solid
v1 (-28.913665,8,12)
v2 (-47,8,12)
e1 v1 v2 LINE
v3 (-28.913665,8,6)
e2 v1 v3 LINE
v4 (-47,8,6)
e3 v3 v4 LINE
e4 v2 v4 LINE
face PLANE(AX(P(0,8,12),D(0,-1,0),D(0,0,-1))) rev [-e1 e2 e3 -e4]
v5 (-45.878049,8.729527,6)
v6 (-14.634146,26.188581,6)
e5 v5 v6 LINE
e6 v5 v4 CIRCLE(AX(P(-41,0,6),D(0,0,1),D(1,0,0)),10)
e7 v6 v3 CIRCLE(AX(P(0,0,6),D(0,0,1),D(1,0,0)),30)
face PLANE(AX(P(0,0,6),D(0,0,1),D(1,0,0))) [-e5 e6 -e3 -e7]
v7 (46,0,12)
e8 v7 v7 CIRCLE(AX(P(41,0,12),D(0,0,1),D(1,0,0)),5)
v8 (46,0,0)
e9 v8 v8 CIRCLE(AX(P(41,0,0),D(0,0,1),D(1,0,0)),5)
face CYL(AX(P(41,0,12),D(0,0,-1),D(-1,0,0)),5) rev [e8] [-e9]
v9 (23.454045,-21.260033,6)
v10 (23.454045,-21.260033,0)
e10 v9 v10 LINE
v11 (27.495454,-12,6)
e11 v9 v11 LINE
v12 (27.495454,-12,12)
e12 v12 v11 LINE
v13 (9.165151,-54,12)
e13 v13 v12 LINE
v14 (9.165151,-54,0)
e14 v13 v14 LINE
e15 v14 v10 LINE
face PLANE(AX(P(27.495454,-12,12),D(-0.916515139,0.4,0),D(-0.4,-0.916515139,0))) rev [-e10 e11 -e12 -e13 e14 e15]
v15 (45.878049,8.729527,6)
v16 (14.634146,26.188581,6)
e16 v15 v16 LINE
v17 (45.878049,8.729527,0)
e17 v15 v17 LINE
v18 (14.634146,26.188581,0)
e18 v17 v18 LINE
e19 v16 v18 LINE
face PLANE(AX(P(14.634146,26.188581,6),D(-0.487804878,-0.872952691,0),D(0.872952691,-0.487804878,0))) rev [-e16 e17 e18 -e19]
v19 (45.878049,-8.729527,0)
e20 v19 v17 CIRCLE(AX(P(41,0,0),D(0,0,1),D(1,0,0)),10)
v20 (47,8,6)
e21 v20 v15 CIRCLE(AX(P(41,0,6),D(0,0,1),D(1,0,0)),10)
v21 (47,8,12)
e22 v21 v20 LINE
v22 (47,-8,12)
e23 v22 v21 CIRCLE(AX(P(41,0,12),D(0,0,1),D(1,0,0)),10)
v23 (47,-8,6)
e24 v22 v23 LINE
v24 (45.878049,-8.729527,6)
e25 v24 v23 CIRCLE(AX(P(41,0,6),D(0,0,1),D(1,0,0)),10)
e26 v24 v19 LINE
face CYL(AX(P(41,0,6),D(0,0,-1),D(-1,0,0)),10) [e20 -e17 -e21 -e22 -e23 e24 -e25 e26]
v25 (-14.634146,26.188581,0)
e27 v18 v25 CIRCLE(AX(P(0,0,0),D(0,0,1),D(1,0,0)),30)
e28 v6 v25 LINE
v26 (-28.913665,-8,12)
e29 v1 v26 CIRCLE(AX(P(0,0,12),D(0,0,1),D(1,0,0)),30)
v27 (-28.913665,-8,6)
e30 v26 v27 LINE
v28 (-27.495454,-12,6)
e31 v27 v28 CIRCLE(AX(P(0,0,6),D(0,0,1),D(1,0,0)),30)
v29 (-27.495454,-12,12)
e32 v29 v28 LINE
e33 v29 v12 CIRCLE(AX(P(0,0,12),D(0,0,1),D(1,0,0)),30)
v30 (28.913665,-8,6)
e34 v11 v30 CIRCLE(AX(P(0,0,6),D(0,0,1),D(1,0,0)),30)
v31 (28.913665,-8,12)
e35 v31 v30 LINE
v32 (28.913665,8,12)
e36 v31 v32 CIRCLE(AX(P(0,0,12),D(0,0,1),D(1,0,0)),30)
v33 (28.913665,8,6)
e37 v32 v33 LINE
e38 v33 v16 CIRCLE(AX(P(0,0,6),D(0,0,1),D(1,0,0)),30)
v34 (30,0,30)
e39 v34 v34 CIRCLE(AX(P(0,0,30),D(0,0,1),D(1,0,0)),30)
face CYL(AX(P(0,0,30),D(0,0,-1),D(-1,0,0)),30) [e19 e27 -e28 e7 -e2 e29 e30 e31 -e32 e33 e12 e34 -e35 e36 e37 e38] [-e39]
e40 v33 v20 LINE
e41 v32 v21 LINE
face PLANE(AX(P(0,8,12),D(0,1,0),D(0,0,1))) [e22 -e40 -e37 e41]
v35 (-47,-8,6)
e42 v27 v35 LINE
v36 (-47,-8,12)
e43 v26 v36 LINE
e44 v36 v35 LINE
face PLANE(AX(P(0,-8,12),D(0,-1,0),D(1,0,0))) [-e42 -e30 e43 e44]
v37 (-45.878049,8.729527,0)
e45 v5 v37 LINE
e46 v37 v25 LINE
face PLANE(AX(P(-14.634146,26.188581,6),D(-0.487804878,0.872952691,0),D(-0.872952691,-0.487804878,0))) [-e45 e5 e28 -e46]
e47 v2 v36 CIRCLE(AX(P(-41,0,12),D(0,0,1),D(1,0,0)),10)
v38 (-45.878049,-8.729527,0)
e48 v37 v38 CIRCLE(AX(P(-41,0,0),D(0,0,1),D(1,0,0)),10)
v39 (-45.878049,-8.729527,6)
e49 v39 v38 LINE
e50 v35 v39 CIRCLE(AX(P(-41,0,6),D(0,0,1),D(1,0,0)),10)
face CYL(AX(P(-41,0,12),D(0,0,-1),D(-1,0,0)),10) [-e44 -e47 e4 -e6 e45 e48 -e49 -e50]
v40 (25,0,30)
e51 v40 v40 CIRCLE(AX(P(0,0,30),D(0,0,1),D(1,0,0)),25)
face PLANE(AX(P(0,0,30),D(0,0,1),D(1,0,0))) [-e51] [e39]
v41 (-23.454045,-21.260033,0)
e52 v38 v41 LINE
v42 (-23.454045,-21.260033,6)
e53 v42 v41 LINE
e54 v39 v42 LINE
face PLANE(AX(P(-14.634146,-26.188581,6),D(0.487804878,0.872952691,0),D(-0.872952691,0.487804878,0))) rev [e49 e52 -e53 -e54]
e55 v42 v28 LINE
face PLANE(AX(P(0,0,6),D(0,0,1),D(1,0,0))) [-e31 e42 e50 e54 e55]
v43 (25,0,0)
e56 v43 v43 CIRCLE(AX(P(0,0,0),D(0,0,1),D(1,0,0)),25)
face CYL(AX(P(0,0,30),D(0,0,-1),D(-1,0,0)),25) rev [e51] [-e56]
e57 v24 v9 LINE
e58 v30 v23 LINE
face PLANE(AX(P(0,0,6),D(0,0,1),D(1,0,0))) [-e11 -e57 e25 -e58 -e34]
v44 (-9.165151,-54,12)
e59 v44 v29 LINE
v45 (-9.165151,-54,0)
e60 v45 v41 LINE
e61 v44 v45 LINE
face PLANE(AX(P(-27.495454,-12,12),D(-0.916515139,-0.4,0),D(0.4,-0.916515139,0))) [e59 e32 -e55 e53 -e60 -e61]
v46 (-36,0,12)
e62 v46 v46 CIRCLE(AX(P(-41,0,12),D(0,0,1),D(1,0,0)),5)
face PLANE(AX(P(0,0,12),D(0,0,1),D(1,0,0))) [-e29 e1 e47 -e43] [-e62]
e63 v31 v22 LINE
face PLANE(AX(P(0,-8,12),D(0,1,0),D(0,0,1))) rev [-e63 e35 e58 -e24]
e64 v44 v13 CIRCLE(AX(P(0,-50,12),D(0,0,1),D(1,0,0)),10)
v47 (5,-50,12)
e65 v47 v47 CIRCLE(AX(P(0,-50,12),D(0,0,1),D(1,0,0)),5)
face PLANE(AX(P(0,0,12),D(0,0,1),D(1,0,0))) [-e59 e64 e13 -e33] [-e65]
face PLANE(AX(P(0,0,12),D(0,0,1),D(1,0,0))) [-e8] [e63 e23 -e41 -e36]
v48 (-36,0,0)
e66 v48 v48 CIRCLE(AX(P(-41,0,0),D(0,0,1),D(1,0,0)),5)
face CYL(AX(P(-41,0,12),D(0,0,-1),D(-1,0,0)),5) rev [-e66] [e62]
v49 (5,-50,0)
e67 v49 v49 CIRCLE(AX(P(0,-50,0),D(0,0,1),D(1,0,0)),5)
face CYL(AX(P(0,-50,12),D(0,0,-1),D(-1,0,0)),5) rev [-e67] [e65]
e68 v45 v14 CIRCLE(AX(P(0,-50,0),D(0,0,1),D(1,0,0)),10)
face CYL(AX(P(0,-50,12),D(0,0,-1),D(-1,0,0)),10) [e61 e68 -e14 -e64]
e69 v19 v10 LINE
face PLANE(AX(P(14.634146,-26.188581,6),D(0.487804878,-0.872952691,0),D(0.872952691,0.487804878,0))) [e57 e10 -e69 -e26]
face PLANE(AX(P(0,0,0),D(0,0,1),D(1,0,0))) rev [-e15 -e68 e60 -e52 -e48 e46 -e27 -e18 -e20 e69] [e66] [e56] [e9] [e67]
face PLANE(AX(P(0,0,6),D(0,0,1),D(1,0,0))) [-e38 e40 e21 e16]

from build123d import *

# Parameters (mm, degrees)
SKETCH1_R             = 5
BOSS_EXTRUDE1_DEPTH   = 12
BOSS_EXTRUDE1_2_DEPTH = 12
BOSS_EXTRUDE1_3_DEPTH = 12
BOSS_EXTRUDE2_DEPTH   = 6
SKETCH1_4_R           = 25
BOSS_EXTRUDE3_DEPTH   = 30


with BuildPart() as part:
    # Sketch1 → Boss-Extrude1 (new body)
    with BuildSketch(Plane.XY):
        with BuildLine():
            ThreePointArc((47, -8), (51, 0), (47, 8))
            Line((47, 8), (28.91366459, 8))
            ThreePointArc((28.91366459, 8), (30, 0), (28.91366459, -8))
            Line((28.91366459, -8), (47, -8))
        make_face()
        with Locations((41, 0)):
            Circle(SKETCH1_R, mode=Mode.SUBTRACT)
    extrude(amount=BOSS_EXTRUDE1_DEPTH)



with BuildPart() as body_2:
    # Sketch1 → Boss-Extrude1 2 (new body)
    with BuildSketch(Plane.XY):
        with BuildLine():
            ThreePointArc((-28.91366459, -8), (-30, 0), (-28.91366459, 8))
            Line((-28.91366459, 8), (-47, 8))
            ThreePointArc((-47, 8), (-51, 0), (-47, -8))
            Line((-47, -8), (-28.91366459, -8))
        make_face()
        with Locations((-41, 0)):
            Circle(SKETCH1_R, mode=Mode.SUBTRACT)
    extrude(amount=BOSS_EXTRUDE1_2_DEPTH)


with BuildPart() as body_3:
    # Sketch1 → Boss-Extrude1 3 (new body)
    with BuildSketch(Plane.XY):
        with BuildLine():
            Line((9.16515139, -54), (27.49545417, -12))
            ThreePointArc((27.49545417, -12), (0, -30), (-27.49545417, -12))
            Line((-27.49545417, -12), (-9.16515139, -54))
            ThreePointArc((-9.16515139, -54), (0, -60), (9.16515139, -54))
        make_face()
        with Locations((0, -50)):
            Circle(SKETCH1_R, mode=Mode.SUBTRACT)
    extrude(amount=BOSS_EXTRUDE1_3_DEPTH)


with BuildPart() as part_1:
    add(part.part)

    add(body_2.part)  # Boss-Extrude2 merges body 2

    add(body_3.part)  # Boss-Extrude2 merges body 3
    # Sketch1<3> → Boss-Extrude2 (add)
    with BuildSketch(Plane.XY):
        with BuildLine():
            ThreePointArc((47, 8), (46.451241941, 8.383553024), (45.87804878, 8.729526911))
            Line((45.87804878, 8.729526911), (14.634146341, 26.188580734))
            ThreePointArc((14.634146341, 26.188580734), (23.596802252, 18.52541291), (28.91366459, 8))
            Line((28.91366459, 8), (47, 8))
        make_face()
        with BuildLine():
            ThreePointArc((-28.91366459, 8), (-23.596802252, 18.52541291), (-14.634146341, 26.188580734))
            Line((-14.634146341, 26.188580734), (-45.87804878, 8.729526911))
            ThreePointArc((-45.87804878, 8.729526911), (-46.451241941, 8.383553024), (-47, 8))
            Line((-47, 8), (-28.91366459, 8))
        make_face()
        with BuildLine():
            ThreePointArc((45.87804878, -8.729526911), (46.451241941, -8.383553024), (47, -8))
            Line((47, -8), (28.91366459, -8))
            ThreePointArc((28.91366459, -8), (28.275380984, -10.025109984), (27.49545417, -12))
            Line((27.49545417, -12), (23.454044644, -21.260032532))
            Line((23.454044644, -21.260032532), (45.87804878, -8.729526911))
        make_face()
        with BuildLine():
            ThreePointArc((-27.49545417, -12), (-28.275380984, -10.025109984), (-28.91366459, -8))
            Line((-28.91366459, -8), (-47, -8))
            ThreePointArc((-47, -8), (-46.451241941, -8.383553024), (-45.87804878, -8.729526911))
            Line((-45.87804878, -8.729526911), (-23.454044644, -21.260032532))
            Line((-23.454044644, -21.260032532), (-27.49545417, -12))
        make_face()
    extrude(amount=BOSS_EXTRUDE2_DEPTH)

    # Sketch1<4> → Boss-Extrude3 (add)
    with BuildSketch(Plane.XY):
        with BuildLine():
            ThreePointArc((28.91366459, 8), (23.596802252, 18.52541291), (14.634146341, 26.188580734))
            ThreePointArc((14.634146341, 26.188580734), (0, 30), (-14.634146341, 26.188580734))
            ThreePointArc((-14.634146341, 26.188580734), (-23.596802252, 18.52541291), (-28.91366459, 8))
            ThreePointArc((-28.91366459, 8), (-30, 0), (-28.91366459, -8))
            ThreePointArc((-28.91366459, -8), (-28.275380984, -10.025109984), (-27.49545417, -12))
            ThreePointArc((-27.49545417, -12), (0, -30), (27.49545417, -12))
            ThreePointArc((27.49545417, -12), (28.275380984, -10.025109984), (28.91366459, -8))
            ThreePointArc((28.91366459, -8), (29.727175595, -4.036710437), (30, 0))
            ThreePointArc((30, 0), (29.727175595, 4.036710437), (28.91366459, 8))
        make_face()
        Circle(SKETCH1_4_R, mode=Mode.SUBTRACT)
    extrude(amount=BOSS_EXTRUDE3_DEPTH)


solid = part_1.part
